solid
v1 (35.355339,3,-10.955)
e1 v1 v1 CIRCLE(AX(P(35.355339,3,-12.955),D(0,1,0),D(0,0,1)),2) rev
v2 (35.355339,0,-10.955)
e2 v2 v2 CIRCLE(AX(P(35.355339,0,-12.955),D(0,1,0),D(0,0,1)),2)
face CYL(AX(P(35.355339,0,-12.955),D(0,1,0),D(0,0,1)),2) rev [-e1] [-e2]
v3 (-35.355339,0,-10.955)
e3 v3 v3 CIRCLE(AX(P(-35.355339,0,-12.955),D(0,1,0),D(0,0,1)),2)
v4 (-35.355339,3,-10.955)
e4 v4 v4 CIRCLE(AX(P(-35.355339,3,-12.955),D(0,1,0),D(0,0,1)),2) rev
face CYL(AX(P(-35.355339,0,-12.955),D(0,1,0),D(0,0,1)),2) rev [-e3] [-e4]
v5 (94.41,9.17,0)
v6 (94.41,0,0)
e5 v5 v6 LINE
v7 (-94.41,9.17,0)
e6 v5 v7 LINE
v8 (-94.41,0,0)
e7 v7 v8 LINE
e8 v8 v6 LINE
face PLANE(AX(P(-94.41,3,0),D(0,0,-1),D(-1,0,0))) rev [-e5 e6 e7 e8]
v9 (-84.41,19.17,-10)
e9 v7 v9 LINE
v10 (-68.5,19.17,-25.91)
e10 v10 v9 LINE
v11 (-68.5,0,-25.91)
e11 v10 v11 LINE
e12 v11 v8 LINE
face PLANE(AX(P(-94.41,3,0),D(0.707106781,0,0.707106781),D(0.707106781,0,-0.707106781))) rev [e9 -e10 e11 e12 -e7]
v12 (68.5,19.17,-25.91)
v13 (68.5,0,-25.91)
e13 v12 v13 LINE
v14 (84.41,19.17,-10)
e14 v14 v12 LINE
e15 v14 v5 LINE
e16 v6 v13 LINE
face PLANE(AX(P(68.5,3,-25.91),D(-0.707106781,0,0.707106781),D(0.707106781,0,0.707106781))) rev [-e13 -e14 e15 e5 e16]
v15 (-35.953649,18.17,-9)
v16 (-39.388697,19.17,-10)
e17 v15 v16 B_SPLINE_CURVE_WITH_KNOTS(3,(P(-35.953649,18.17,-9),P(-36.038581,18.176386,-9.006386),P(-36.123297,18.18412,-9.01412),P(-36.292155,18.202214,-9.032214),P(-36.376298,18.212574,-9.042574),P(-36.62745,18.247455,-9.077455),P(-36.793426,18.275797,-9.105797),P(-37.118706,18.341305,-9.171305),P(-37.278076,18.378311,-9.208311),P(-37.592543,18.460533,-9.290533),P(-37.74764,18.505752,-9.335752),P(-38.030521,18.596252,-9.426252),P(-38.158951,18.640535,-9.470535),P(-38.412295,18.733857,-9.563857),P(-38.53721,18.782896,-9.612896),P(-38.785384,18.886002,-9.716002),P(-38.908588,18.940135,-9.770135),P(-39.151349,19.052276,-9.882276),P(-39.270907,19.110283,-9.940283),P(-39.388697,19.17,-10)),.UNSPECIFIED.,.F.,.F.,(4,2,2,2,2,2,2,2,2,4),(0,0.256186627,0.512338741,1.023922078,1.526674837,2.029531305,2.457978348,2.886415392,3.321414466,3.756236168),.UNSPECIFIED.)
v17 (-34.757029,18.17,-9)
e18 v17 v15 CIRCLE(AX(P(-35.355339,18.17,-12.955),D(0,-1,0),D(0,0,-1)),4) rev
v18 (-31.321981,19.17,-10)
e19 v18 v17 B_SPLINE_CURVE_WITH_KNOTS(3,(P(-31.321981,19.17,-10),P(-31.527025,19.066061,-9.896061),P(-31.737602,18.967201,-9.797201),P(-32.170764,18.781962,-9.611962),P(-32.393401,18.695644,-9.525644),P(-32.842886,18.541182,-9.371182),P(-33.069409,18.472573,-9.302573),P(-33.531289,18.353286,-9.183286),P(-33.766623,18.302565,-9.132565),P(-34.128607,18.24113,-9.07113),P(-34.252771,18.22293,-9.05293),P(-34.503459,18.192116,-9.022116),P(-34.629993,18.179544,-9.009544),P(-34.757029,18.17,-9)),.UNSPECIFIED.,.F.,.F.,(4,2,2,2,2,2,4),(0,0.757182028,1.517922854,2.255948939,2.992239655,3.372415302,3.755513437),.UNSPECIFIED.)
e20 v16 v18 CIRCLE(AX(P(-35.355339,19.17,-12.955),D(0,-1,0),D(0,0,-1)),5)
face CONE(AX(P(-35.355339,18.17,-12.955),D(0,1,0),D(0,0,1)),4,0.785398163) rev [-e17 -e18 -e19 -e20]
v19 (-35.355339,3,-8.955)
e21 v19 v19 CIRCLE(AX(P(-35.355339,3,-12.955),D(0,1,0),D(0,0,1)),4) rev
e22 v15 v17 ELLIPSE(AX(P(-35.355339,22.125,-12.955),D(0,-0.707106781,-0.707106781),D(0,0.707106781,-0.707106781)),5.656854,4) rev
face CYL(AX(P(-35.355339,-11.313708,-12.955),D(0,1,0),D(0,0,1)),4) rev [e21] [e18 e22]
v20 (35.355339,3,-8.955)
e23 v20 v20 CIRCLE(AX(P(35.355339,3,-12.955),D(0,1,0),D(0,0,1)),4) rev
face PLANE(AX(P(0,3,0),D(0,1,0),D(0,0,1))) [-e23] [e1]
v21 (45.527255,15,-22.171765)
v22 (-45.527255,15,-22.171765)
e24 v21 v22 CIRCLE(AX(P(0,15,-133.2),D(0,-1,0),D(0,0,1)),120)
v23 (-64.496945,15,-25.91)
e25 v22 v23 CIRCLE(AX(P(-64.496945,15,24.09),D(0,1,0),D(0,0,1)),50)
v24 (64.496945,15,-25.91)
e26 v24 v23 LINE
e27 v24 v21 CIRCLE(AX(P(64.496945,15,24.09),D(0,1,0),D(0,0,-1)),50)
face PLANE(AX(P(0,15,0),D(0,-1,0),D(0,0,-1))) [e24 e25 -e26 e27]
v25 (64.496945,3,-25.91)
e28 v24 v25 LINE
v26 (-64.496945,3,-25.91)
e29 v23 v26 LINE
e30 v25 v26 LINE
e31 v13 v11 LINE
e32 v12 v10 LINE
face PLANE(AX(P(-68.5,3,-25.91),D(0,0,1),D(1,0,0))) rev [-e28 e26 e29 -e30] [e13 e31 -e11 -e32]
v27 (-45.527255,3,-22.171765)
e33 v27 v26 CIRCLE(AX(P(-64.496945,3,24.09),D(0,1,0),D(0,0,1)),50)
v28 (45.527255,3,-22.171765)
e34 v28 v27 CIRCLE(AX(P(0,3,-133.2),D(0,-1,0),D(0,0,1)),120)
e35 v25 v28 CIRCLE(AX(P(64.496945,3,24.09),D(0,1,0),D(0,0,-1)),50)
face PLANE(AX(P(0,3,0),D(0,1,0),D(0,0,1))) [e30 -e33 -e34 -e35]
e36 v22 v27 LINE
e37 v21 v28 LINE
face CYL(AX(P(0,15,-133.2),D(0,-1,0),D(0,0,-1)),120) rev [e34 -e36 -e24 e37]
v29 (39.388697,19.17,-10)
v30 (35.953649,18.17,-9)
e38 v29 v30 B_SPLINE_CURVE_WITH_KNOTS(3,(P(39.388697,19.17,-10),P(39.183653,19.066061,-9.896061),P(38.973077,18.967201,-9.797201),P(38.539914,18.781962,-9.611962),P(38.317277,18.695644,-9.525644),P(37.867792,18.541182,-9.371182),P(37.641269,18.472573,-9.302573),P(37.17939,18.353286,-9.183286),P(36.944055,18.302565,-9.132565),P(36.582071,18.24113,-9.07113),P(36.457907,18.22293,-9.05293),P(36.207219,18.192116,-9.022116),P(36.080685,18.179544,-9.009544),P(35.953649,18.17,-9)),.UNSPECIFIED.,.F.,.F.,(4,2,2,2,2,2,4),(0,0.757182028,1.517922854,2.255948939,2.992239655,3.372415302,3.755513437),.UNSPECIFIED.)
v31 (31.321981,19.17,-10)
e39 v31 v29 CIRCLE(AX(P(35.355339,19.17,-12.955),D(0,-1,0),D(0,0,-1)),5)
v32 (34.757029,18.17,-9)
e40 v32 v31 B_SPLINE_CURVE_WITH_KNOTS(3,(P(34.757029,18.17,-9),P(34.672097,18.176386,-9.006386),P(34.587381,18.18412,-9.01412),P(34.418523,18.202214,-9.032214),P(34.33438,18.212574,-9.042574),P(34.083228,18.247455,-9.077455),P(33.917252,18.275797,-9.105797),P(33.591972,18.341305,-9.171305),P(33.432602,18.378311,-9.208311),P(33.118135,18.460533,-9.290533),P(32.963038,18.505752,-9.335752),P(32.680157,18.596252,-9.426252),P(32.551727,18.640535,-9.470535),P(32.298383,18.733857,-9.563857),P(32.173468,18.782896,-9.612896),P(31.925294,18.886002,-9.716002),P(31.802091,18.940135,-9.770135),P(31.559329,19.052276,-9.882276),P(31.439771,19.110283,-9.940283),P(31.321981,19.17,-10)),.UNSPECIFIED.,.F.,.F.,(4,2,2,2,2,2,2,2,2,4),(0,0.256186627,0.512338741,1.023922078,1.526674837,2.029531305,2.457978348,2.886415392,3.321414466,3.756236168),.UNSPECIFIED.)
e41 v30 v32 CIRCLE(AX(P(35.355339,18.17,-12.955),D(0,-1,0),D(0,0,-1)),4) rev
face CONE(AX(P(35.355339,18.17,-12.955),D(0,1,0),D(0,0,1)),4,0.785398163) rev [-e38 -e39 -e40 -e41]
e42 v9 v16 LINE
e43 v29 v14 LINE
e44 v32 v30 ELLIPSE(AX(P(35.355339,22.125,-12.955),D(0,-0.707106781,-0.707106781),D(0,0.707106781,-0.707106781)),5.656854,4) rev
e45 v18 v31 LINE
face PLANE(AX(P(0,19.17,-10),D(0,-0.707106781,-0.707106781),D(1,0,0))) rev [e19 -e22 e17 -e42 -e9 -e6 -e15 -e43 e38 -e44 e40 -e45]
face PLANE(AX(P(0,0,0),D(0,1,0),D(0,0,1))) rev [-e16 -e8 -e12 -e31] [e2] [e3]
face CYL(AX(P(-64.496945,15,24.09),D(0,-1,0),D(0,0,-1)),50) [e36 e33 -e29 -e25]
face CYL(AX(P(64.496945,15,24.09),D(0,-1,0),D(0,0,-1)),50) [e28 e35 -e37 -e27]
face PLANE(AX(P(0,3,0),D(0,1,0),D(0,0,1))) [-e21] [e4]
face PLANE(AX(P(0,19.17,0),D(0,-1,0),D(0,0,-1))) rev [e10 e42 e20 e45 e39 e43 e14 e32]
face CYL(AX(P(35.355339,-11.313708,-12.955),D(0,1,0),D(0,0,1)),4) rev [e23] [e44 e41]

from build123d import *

# Parameters (mm, degrees)
BOSS_EXTRUDE1_DEPTH     = 3
BOSS_EXTRUDE2_DEPTH     = 12
BOSS_EXTRUDE3_DEPTH     = 4.17
CUT_EXTRUDE1_DEPTH      = 100.227239708
CUT_EXTRUDE1_DEPTH_BACK = 100.227239708
SKETCH3_R               = 2
CHAMFER1_SIZE           = 10
SKETCH8_R               = 4
CUT_EXTRUDE2_DEPTH      = 16.17
CHAMFER2_SIZE           = 1


with BuildPart() as part:
    # Sketch1 → Boss-Extrude1 (new body)
    with BuildSketch(Plane(origin=(0, 0, 0), x_dir=(1, 0, 0), z_dir=(0, 1, 0))):
        Polygon((-94.41, 0), (94.41, 0), (68.5, 25.91), (-68.5, 25.91), align=None)
    extrude(amount=BOSS_EXTRUDE1_DEPTH)

    # Sketch5 → Boss-Extrude2 (add)
    with BuildSketch(Plane(origin=(0, 3, 0), x_dir=(1, 0, 0), z_dir=(0, 1, 0))):
        with BuildLine():
            Line((-64.496944889, 25.91), (-68.5, 25.91))
            Line((-68.5, 25.91), (-94.41, 0))
            Line((-94.41, 0), (94.41, 0))
            Line((94.41, 0), (68.5, 25.91))
            Line((68.5, 25.91), (64.496944889, 25.91))
            ThreePointArc((64.496944889, 25.91), (54.829686624, 24.966540009), (45.527255216, 22.171764706))
            ThreePointArc((45.527255216, 22.171764706), (0, 13.2), (-45.527255216, 22.171764706))
            ThreePointArc((-45.527255216, 22.171764706), (-54.829686624, 24.966540009), (-64.496944889, 25.91))
        make_face()
    extrude(amount=BOSS_EXTRUDE2_DEPTH)

    # Sketch7 → Boss-Extrude3 (add)
    with BuildSketch(Plane(origin=(0, 15, 0), x_dir=(1, 0, 0), z_dir=(0, 1, 0))):
        Polygon((-94.41, 0), (-68.5, 25.91), (68.5, 25.91), (94.41, 0), align=None)
    extrude(amount=BOSS_EXTRUDE3_DEPTH)

    # Sketch3 → Cut-Extrude1 (cut, two sides: drawn at the far end of the back side and taken through both)
    with BuildSketch(Plane(origin=(0, 3, 0), x_dir=(1, 0, 0), z_dir=(0, 1, 0)).offset(-CUT_EXTRUDE1_DEPTH_BACK)):
        with Locations(Location((-35.355339059, 12.955, 0), (0, 0, 270))):
            Circle(SKETCH3_R)
        with Locations(Location((35.355339059, 12.955, 0), (0, 0, 270))):
            Circle(SKETCH3_R)
    extrude(amount=CUT_EXTRUDE1_DEPTH + CUT_EXTRUDE1_DEPTH_BACK, mode=Mode.SUBTRACT)

    # Chamfer1
    chamfer1_edges = [part.edges().sort_by_distance(p)[0] for p in [
        (0, 19.17, 0),
    ]]
    chamfer(chamfer1_edges, length=CHAMFER1_SIZE)

    # Sketch8 → Cut-Extrude2 (cut)
    with BuildSketch(Plane(origin=(0, 19.17, 0), x_dir=(1, 0, 0), z_dir=(0, 1, 0))):
        with Locations(Location((-35.355339059, 12.955, 0), (0, 0, 270))):
            Circle(SKETCH8_R)
        with Locations(Location((35.355339059, 12.955, 0), (0, 0, 270))):
            Circle(SKETCH8_R)
    extrude(amount=-CUT_EXTRUDE2_DEPTH, mode=Mode.SUBTRACT)

    # Chamfer2
    chamfer2_edges = [part.edges().sort_by_distance(p)[0] for p in [
        (-35.355339059, 19.17, -16.955),
        (35.355339059, 19.17, -16.955),
    ]]
    chamfer(chamfer2_edges, length=CHAMFER2_SIZE)


solid = part.part
